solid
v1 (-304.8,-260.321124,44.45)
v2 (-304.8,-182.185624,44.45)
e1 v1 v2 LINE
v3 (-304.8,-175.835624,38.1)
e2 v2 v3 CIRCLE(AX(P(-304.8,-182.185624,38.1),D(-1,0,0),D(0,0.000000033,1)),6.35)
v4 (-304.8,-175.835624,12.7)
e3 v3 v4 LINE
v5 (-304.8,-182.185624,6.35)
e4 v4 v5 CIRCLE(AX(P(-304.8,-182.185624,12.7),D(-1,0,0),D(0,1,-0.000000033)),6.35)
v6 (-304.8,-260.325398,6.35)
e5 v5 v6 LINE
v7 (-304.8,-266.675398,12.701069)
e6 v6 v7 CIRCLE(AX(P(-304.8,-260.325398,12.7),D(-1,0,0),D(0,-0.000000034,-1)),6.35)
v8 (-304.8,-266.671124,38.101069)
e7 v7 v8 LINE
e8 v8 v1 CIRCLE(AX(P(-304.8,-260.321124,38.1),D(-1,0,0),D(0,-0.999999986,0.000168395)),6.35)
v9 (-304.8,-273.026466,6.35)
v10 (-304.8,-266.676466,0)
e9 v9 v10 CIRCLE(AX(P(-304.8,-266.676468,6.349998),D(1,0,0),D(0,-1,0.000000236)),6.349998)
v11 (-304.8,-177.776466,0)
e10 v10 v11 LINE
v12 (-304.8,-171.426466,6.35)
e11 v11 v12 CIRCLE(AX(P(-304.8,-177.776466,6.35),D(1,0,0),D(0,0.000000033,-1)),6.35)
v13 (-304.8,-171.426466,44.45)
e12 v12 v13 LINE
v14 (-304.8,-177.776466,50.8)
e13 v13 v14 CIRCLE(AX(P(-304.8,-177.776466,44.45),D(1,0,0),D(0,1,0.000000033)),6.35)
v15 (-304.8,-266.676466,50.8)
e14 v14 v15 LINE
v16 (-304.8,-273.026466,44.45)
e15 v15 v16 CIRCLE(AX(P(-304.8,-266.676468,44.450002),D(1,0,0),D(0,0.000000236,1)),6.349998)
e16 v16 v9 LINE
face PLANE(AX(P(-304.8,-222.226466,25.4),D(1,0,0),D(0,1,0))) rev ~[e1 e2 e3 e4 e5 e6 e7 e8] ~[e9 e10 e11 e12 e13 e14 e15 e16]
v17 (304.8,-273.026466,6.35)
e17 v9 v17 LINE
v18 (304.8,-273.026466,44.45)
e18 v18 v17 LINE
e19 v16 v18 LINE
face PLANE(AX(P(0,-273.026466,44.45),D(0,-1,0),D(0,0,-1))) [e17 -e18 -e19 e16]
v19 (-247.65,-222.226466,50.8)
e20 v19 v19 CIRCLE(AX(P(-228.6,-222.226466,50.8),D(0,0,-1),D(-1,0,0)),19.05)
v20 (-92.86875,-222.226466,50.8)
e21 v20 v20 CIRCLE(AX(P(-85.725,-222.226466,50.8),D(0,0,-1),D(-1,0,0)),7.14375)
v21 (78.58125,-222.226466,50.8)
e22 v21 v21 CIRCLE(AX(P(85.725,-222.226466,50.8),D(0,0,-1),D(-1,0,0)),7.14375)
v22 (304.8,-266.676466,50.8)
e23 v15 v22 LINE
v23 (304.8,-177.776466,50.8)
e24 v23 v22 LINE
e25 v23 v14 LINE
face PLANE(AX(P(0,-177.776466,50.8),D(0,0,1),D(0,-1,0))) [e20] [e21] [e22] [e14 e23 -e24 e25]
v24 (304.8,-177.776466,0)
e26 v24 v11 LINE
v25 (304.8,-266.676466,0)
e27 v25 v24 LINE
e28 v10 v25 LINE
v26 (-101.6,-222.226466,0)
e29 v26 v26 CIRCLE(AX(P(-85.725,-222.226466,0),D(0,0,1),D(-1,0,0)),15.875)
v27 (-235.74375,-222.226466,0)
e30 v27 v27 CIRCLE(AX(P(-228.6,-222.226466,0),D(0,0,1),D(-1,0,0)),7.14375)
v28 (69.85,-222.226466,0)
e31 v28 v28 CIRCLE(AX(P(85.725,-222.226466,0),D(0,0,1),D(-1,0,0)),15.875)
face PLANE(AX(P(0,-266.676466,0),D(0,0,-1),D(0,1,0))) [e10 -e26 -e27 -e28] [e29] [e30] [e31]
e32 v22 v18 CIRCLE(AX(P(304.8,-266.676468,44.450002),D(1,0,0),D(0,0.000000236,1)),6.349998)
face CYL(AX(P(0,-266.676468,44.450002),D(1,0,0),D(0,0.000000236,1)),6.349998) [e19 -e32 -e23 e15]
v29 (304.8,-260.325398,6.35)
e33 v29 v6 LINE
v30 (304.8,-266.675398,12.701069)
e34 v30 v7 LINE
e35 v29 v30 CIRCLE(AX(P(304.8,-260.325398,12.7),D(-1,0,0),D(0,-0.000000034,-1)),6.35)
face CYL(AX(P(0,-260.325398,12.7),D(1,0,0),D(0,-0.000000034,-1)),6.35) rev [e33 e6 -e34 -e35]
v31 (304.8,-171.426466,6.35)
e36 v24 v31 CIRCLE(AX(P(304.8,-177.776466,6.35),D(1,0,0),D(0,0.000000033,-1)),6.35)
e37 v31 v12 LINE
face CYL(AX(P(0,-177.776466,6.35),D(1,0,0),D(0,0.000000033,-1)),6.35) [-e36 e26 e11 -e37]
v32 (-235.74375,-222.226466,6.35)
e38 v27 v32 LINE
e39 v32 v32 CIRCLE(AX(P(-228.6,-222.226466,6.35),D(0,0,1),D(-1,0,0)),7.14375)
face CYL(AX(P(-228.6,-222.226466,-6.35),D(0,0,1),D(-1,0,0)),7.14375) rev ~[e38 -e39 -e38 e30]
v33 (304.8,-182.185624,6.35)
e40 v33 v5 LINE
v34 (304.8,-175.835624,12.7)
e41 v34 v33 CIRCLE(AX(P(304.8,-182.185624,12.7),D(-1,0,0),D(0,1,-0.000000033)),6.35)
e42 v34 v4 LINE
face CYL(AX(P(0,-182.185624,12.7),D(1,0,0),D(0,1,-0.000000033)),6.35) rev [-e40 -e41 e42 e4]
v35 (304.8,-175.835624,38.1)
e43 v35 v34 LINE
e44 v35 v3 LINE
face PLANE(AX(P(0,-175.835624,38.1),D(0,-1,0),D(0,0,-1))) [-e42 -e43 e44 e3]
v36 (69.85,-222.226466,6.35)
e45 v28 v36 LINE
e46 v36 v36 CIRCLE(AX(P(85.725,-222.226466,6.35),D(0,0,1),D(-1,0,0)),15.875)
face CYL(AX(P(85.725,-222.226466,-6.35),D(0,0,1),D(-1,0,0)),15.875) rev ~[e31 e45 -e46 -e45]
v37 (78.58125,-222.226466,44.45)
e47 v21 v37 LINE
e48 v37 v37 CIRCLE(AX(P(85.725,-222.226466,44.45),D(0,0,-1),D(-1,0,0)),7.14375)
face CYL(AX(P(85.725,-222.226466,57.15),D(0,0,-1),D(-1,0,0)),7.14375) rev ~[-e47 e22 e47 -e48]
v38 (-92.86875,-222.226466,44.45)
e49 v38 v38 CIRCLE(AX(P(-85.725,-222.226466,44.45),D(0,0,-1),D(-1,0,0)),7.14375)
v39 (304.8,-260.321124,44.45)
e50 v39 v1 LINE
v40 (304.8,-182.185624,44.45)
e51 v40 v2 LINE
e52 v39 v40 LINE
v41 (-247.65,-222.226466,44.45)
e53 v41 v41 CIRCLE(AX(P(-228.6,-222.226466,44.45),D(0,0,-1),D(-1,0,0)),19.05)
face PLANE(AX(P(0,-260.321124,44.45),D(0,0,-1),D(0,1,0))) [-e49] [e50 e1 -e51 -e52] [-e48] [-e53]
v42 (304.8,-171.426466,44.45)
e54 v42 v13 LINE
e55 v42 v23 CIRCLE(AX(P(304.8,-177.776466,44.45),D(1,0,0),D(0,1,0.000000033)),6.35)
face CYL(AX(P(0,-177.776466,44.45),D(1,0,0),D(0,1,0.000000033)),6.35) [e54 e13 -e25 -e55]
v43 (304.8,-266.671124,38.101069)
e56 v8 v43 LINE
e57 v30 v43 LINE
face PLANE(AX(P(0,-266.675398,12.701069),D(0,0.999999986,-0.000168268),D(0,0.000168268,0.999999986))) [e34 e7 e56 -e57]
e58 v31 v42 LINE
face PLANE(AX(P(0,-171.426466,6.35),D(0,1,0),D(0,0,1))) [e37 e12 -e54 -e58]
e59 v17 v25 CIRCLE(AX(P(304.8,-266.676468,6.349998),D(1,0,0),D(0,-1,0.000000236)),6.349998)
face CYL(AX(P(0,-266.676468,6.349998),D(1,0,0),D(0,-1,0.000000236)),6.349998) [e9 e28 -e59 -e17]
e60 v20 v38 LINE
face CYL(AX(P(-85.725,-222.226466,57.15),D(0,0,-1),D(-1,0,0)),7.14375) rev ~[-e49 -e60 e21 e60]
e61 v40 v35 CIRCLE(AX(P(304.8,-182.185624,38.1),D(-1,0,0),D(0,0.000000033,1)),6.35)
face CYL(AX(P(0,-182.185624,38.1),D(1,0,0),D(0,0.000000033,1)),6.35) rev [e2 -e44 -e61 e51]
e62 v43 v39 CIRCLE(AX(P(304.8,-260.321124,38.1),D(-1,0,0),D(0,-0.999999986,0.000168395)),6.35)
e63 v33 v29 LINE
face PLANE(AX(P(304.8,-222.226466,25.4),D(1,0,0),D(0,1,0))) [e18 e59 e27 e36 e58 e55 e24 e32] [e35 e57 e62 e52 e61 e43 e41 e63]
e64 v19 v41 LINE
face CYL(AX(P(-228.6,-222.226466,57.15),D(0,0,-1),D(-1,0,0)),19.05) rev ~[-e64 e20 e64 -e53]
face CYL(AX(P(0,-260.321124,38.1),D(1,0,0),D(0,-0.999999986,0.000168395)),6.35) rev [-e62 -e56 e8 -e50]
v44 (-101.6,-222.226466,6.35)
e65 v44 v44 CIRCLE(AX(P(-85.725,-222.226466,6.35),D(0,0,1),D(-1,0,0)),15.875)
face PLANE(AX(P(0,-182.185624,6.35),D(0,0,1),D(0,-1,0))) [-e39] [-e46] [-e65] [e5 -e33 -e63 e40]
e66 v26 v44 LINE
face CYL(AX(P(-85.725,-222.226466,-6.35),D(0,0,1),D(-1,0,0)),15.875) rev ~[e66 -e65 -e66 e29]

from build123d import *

# Parameters (mm, degrees)
F2_DEPTH  = 304.8
F4_D      = 14.2875
F4_DEPTH  = 6.35
F6_D      = 38.1
F6_DEPTH  = 6.35
F8_D      = 14.2875
F8_DEPTH  = 6.35
F10_D     = 31.75
F10_DEPTH = 6.35


with BuildPart() as f2:
    # F1 (on Right) → F2 (new body, symmetric)
    with BuildSketch(Plane.YZ):
        with BuildLine():
            Line((-177.776466, 50.8), (-266.676466, 50.8))
            ThreePointArc((-266.676466, 50.8), (-271.166595, 48.940128), (-273.026466, 44.45))
            Line((-273.026466, 44.45), (-273.026466, 37.770297))
            Line((-273.026466, 37.770297), (-273.026466, 6.35))
            ThreePointArc((-273.026466, 6.35), (-271.166595, 1.859872), (-266.676466, 0))
            Line((-266.676466, 0), (-177.776466, 0))
            ThreePointArc((-177.776466, 0), (-173.286338, 1.859872), (-171.426466, 6.35))
            Line((-171.426466, 6.35), (-171.426466, 44.45))
            ThreePointArc((-171.426466, 44.45), (-173.286338, 48.940128), (-177.776466, 50.8))
        make_face()
        with BuildLine():
            ThreePointArc((-266.671124, 38.101069), (-264.810874, 42.590506), (-260.321124, 44.45))
            Line((-260.321124, 44.45), (-182.185624, 44.45))
            ThreePointArc((-182.185624, 44.45), (-177.695496, 42.590128), (-175.835624, 38.1))
            Line((-175.835624, 38.1), (-175.835624, 12.7))
            ThreePointArc((-175.835624, 12.7), (-177.695496, 8.209872), (-182.185624, 6.35))
            Line((-182.185624, 6.35), (-260.325398, 6.35))
            ThreePointArc((-260.325398, 6.35), (-264.815904, 8.21025), (-266.675398, 12.701069))
            Line((-266.675398, 12.701069), (-266.671124, 38.101069))
        make_face(mode=Mode.SUBTRACT)
    extrude(amount=F2_DEPTH, both=True)

    # F4
    with Locations(Plane.XY.offset(50.8)):
        with Locations((-85.725, -222.226466), (85.725, -222.226466)):
            Hole(F4_D / 2, depth=F4_DEPTH)

    # F6
    with Locations(Plane.XY.offset(50.8)):
        with Locations((-228.6, -222.226466)):
            Hole(F6_D / 2, depth=F6_DEPTH)

    # F8
    with Locations(Plane(origin=(0, 0, 0), x_dir=(1, 0, 0), z_dir=(0, 0, -1))):
        with Locations((-228.6, 222.226466)):
            Hole(F8_D / 2, depth=F8_DEPTH)

    # F10
    with Locations(Plane(origin=(0, 0, 0), x_dir=(1, 0, 0), z_dir=(0, 0, -1))):
        with Locations((-85.725, 222.226466), (85.725, 222.226466)):
            Hole(F10_D / 2, depth=F10_DEPTH)


solid = f2.part
